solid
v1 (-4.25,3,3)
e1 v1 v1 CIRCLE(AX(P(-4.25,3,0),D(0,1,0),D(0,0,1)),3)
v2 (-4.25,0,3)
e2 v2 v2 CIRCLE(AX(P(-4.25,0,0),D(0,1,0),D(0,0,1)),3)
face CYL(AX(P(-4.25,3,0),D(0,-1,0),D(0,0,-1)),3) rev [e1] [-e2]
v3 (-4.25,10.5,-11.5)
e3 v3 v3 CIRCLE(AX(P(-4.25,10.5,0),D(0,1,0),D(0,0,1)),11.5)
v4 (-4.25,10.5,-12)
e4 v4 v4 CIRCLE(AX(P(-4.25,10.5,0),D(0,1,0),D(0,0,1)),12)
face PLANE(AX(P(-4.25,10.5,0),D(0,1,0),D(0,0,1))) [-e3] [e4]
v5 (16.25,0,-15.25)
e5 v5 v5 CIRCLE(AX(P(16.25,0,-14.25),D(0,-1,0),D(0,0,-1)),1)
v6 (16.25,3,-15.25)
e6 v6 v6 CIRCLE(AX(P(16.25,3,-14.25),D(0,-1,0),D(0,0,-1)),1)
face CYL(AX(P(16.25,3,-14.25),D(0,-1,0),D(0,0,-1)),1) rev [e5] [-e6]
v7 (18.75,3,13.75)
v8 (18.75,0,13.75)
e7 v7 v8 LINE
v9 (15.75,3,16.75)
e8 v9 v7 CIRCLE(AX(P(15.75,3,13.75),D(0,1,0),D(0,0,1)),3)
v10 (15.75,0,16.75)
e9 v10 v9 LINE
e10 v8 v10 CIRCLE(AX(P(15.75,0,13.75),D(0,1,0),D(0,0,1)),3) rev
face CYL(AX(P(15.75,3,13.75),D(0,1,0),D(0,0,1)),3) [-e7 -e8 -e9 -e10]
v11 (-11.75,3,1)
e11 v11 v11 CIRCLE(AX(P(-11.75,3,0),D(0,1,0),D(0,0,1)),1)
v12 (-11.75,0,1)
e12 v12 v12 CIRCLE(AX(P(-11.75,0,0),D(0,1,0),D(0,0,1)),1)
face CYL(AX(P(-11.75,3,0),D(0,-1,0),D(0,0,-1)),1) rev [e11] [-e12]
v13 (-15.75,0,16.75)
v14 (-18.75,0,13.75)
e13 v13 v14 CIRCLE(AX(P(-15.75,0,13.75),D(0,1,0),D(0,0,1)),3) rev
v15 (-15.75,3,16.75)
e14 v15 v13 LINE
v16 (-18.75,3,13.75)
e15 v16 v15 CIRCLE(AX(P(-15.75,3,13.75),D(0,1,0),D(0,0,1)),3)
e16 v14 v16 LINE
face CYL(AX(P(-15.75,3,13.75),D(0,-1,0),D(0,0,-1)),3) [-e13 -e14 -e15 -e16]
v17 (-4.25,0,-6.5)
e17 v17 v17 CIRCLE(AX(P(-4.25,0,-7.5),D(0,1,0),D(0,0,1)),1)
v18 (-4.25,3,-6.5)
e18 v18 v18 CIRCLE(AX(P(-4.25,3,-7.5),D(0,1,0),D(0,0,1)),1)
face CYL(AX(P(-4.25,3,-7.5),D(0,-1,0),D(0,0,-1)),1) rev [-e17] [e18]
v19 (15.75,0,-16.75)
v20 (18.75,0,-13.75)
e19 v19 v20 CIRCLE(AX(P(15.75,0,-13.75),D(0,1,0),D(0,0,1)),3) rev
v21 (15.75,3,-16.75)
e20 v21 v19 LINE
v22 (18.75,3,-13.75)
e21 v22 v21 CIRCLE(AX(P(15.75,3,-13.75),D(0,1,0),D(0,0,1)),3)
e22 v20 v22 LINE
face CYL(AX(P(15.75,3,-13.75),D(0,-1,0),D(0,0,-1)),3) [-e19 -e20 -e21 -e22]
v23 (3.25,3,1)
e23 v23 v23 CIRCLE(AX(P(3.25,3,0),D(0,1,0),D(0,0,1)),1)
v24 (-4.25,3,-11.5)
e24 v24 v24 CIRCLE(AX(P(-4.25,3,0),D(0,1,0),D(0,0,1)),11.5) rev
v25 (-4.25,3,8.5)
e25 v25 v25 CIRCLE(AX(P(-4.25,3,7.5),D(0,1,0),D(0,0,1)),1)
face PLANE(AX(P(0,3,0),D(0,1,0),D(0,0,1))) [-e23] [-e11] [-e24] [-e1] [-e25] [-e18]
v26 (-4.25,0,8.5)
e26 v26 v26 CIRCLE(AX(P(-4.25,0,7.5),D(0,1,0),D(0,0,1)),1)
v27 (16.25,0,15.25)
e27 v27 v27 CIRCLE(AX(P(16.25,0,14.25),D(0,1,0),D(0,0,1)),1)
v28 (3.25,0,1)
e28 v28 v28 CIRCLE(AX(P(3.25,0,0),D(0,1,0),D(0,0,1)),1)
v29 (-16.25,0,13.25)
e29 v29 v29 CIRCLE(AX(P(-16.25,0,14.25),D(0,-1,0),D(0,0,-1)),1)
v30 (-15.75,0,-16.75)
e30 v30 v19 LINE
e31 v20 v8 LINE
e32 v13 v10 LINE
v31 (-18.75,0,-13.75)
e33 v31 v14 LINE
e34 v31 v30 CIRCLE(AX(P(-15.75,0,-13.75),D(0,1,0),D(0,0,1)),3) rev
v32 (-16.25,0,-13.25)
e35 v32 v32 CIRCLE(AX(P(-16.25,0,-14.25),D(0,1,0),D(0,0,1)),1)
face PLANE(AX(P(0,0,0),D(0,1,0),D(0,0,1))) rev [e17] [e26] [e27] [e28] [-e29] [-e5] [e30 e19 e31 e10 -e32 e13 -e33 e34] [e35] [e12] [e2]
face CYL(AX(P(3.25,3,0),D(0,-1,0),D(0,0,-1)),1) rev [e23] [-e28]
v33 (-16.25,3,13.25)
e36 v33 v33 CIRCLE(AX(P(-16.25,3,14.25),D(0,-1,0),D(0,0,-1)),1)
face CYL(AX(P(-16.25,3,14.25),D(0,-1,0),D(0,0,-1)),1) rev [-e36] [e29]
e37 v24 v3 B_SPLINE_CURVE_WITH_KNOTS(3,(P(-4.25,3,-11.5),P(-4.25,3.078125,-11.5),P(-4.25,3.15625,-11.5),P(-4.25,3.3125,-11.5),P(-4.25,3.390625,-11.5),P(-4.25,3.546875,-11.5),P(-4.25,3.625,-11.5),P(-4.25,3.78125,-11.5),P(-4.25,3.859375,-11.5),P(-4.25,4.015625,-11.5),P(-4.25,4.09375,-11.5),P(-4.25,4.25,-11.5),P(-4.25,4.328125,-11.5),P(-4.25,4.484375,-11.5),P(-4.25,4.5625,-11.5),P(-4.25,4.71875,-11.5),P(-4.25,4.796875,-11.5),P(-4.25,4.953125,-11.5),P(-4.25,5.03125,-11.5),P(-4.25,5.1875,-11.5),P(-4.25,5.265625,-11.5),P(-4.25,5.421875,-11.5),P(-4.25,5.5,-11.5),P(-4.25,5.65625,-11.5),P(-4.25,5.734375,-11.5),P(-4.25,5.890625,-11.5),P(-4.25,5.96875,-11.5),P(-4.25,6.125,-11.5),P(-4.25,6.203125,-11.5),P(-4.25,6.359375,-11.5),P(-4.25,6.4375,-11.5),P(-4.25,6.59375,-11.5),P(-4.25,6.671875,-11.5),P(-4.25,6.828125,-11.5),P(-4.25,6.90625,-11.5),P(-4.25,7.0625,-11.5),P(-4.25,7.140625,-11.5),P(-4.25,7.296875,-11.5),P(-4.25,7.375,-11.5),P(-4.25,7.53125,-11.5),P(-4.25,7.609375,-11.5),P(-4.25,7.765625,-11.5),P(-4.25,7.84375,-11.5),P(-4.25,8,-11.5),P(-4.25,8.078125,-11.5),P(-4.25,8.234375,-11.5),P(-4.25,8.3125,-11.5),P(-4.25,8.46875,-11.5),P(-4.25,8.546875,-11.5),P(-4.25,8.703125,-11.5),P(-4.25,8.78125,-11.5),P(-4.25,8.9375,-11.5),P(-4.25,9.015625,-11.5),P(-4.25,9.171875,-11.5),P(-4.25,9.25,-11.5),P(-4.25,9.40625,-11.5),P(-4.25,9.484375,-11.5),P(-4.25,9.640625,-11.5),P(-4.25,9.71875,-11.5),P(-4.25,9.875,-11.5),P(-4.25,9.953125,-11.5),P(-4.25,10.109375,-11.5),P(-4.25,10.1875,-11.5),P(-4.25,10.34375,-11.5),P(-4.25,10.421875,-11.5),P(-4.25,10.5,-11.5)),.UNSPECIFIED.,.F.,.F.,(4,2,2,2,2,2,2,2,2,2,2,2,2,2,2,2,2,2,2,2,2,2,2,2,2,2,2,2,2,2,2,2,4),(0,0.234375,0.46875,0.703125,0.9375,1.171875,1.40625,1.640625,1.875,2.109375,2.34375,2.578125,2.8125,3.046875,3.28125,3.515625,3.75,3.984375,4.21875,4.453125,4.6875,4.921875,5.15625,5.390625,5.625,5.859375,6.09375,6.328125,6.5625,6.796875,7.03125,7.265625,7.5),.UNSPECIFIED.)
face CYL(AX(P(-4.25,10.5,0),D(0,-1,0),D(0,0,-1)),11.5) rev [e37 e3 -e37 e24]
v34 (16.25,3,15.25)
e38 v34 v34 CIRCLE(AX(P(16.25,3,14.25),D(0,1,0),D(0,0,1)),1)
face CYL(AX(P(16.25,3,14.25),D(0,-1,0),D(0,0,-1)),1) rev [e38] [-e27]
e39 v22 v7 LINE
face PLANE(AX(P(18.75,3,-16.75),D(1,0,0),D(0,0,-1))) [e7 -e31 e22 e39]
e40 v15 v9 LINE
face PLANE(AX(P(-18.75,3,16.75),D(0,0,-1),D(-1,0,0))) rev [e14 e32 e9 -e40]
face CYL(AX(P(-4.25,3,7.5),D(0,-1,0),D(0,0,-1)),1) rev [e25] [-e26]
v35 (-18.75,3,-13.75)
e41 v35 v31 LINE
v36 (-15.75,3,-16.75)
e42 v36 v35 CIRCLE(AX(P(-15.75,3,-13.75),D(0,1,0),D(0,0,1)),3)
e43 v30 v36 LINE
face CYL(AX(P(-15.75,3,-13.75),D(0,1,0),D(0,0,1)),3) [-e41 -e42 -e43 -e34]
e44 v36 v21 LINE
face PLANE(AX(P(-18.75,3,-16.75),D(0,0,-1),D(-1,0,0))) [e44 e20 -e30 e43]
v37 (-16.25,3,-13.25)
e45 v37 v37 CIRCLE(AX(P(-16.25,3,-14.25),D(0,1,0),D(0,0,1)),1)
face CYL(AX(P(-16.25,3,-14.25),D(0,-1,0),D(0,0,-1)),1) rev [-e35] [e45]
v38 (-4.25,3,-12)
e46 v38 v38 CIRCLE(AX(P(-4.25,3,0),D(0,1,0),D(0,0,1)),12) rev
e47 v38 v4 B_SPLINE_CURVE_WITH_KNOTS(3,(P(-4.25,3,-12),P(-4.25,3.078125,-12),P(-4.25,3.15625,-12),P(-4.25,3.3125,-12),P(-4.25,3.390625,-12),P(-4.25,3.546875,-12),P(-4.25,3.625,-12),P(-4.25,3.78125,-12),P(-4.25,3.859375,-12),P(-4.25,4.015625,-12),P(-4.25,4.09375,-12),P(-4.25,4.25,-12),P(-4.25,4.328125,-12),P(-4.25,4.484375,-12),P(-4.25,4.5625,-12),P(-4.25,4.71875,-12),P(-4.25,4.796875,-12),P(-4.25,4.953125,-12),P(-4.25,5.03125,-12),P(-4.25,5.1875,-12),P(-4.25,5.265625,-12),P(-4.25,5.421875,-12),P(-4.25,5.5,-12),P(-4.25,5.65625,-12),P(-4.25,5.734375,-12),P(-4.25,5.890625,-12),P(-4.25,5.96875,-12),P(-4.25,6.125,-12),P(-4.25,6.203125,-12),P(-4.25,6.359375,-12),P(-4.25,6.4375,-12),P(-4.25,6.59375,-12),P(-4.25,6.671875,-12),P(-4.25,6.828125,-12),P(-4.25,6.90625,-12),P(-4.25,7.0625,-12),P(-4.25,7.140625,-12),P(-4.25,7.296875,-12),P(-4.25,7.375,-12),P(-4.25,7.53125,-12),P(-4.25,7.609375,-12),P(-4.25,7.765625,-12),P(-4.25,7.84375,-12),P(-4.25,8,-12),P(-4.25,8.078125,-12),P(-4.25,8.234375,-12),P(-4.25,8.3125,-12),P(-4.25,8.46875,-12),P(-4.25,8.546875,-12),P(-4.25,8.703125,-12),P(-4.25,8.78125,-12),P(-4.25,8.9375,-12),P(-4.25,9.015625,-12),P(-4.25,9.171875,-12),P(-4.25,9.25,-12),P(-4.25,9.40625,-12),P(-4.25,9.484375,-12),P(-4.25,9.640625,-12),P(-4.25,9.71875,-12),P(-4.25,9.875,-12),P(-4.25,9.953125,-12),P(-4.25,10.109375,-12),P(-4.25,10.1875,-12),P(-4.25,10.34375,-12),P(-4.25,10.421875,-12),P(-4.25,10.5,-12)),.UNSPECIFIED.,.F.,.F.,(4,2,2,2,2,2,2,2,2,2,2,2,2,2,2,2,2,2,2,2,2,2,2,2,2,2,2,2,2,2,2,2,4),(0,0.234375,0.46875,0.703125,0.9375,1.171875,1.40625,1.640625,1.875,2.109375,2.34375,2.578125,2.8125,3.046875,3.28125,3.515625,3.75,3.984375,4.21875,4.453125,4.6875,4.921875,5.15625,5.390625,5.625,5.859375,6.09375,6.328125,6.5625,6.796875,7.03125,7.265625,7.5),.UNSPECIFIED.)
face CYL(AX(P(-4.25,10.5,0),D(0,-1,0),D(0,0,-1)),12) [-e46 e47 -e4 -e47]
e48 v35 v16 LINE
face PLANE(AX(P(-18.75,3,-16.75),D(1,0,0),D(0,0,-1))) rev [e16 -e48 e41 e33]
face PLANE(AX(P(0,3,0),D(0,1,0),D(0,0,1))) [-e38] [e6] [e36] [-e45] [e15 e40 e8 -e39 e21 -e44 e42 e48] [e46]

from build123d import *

# Parameters (mm, degrees)
SKETCH_1_W      = 37.5
SKETCH_1_H      = 33.5
SKETCH_1_R      = 3
SKETCH_1_R_2    = 1
EXTRUDE_1_DEPTH = 3
SKETCH_1_3_R    = 12
SKETCH_1_3_R_2  = 11.5
EXTRUDE_2_DEPTH = 10.5
FILLET_1_R      = 3


with BuildPart() as part:
    # 草图1 → 凸台-拉伸1 (new body)
    with BuildSketch(Plane(origin=(0, 0, 0), x_dir=(1, 0, 0), z_dir=(0, 1, 0))):
        Rectangle(SKETCH_1_W, SKETCH_1_H)
        with Locations((-4.25, 0)):
            Circle(SKETCH_1_R, mode=Mode.SUBTRACT)
        with Locations((-11.75, 0)):
            Circle(SKETCH_1_R_2, mode=Mode.SUBTRACT)
        with Locations((-4.25, 7.5)):
            Circle(SKETCH_1_R_2, mode=Mode.SUBTRACT)
        with Locations((3.25, 0)):
            Circle(SKETCH_1_R_2, mode=Mode.SUBTRACT)
        with Locations((-4.25, -7.5)):
            Circle(SKETCH_1_R_2, mode=Mode.SUBTRACT)
        with Locations((-16.25, 14.25)):
            Circle(SKETCH_1_R_2, mode=Mode.SUBTRACT)
        with Locations((-16.25, -14.25)):
            Circle(SKETCH_1_R_2, mode=Mode.SUBTRACT)
        with Locations((16.25, 14.25)):
            Circle(SKETCH_1_R_2, mode=Mode.SUBTRACT)
        with Locations((16.25, -14.25)):
            Circle(SKETCH_1_R_2, mode=Mode.SUBTRACT)
    extrude(amount=EXTRUDE_1_DEPTH)

    # 草图1<3> → 凸台-拉伸2 (add)
    with BuildSketch(Plane(origin=(0, 0, 0), x_dir=(1, 0, 0), z_dir=(0, 1, 0))):
        with Locations((-4.25, 0)):
            Circle(SKETCH_1_3_R)
        with Locations((-4.25, 0)):
            Circle(SKETCH_1_3_R_2, mode=Mode.SUBTRACT)
    extrude(amount=EXTRUDE_2_DEPTH)

    # 圆角1
    fillet_1_edges = [part.edges().sort_by_distance(p)[0] for p in [
        (-18.75, 1.5, 16.75),
        (18.75, 1.5, 16.75),
        (18.75, 1.5, -16.75),
        (-18.75, 1.5, -16.75),
    ]]
    fillet(fillet_1_edges, radius=FILLET_1_R)


solid = part.part
